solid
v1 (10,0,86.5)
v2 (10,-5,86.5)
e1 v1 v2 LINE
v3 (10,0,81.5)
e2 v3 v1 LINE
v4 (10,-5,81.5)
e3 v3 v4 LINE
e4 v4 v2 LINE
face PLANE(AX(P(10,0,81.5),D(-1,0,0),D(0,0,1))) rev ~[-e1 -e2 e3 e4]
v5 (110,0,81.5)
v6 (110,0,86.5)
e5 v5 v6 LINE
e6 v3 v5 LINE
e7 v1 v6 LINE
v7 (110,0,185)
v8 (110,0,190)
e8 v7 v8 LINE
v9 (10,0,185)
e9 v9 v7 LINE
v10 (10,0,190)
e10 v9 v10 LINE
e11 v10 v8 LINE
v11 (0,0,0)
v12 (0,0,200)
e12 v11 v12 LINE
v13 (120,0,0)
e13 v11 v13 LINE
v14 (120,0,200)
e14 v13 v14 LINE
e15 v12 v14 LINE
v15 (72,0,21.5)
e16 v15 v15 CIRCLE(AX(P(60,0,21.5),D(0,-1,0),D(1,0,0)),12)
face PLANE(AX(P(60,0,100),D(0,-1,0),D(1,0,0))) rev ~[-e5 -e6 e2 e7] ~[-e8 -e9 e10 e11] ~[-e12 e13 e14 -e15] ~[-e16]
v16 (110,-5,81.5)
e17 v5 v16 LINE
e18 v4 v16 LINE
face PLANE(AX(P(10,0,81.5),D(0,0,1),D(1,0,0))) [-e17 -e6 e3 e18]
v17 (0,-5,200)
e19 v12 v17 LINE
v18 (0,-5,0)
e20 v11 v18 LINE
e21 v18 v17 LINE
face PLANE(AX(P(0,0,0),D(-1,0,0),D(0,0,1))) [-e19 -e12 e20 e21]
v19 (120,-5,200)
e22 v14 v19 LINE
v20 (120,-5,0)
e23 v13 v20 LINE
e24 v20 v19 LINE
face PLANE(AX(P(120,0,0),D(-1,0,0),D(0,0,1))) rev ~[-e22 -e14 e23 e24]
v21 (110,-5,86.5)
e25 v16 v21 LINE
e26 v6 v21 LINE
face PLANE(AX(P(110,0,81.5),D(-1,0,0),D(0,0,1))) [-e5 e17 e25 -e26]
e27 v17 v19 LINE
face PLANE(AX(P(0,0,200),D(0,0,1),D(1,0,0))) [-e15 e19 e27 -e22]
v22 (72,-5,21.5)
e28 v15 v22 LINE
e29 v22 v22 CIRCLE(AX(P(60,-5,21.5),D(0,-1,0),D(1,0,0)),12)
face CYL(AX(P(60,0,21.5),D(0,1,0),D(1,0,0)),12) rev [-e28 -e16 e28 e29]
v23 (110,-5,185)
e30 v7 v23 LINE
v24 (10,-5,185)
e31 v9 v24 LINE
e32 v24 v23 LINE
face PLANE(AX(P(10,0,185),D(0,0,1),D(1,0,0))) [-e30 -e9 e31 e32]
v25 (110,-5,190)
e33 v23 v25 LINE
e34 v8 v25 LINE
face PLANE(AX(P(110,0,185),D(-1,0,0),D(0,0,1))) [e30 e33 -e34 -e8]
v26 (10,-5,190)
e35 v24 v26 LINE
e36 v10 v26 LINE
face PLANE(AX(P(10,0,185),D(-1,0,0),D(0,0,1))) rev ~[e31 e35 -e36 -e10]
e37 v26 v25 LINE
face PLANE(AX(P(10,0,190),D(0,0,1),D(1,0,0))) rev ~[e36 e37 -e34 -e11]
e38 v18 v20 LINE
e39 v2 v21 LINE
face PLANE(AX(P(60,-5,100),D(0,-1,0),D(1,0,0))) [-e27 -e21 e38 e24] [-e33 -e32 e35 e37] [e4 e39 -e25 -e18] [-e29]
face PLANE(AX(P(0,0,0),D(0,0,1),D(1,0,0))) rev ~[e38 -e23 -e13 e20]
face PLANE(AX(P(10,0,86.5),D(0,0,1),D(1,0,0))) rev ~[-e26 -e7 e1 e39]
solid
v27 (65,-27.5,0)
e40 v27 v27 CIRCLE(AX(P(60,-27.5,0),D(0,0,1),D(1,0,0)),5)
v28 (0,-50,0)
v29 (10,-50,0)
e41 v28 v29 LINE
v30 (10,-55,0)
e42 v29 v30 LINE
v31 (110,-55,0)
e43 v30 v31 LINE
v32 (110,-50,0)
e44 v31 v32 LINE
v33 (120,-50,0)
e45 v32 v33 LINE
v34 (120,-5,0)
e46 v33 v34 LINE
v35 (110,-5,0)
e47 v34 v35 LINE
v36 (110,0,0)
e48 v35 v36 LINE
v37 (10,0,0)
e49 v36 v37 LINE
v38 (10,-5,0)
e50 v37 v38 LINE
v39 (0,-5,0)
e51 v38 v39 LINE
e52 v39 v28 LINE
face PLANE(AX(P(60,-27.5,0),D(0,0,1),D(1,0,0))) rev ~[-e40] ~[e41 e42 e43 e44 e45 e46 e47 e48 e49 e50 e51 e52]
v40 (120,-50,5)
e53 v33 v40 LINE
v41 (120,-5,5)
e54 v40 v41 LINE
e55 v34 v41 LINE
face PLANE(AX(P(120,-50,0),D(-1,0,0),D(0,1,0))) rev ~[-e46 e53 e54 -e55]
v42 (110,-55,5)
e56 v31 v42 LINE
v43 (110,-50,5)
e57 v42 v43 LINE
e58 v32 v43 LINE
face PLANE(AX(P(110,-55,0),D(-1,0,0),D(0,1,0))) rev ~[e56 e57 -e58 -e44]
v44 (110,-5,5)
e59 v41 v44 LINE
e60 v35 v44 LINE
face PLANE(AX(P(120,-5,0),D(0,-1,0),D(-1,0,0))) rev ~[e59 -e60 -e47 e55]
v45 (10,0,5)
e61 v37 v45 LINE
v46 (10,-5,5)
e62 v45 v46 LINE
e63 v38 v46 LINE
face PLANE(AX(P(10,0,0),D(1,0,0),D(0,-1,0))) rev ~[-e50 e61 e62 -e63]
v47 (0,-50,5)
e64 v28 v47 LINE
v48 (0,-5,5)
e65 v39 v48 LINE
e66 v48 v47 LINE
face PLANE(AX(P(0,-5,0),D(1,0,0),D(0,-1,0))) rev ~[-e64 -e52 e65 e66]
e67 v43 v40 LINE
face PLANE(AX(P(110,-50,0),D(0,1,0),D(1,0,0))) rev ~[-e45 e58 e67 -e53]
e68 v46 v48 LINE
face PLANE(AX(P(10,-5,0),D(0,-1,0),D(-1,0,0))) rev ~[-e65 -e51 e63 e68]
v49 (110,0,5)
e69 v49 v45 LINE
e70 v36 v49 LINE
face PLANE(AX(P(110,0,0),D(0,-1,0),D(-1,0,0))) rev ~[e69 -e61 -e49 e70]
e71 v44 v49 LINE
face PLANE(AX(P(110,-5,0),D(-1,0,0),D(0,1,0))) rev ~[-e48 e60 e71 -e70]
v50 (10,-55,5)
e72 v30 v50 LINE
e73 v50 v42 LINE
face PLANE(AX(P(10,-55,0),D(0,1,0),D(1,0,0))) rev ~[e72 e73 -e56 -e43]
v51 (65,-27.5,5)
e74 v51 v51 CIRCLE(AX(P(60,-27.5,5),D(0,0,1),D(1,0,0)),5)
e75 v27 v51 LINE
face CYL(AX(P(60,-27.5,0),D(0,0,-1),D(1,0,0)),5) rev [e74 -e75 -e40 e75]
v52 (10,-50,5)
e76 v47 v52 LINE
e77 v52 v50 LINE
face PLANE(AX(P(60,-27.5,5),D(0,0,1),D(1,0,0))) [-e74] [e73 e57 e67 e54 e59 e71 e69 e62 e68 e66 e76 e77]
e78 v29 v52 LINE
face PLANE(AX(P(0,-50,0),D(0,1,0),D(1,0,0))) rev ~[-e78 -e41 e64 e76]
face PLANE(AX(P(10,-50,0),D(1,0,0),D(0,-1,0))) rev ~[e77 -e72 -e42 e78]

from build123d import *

# Parameters (mm, degrees)
F0_W     = 120
F0_H     = 200
F0_R     = 12
F0_W_2   = 100
F0_H_2   = 5
F1_DEPTH = 5
F2_R     = 5
F3_DEPTH = 5


with BuildPart() as f1:
    # F0 (on Front) → F1 (new body)
    with BuildSketch(Plane.XZ):
        with Locations((60, 100)):
            Rectangle(F0_W, F0_H)
        with Locations((60, 21.5)):
            Circle(F0_R, mode=Mode.SUBTRACT)
        with Locations((60, 84)):
            Rectangle(F0_W_2, F0_H_2, mode=Mode.SUBTRACT)
        with Locations((60, 187.5)):
            Rectangle(F0_W_2, F0_H_2, mode=Mode.SUBTRACT)
    extrude(amount=F1_DEPTH)


with BuildPart() as f3:
    # F2 (on Top) → F3 (new body)
    with BuildSketch(Plane.XY):
        Polygon((110, 0), (10, 0), (10, -5), (0, -5), (0, -50), (10, -50), (10, -55), (110, -55), (110, -50), (120, -50), (120, -5), (110, -5), align=None)
        with Locations((60, -27.5)):
            Circle(F2_R, mode=Mode.SUBTRACT)
    extrude(amount=F3_DEPTH)


solid = Compound([f1.part, f3.part])
